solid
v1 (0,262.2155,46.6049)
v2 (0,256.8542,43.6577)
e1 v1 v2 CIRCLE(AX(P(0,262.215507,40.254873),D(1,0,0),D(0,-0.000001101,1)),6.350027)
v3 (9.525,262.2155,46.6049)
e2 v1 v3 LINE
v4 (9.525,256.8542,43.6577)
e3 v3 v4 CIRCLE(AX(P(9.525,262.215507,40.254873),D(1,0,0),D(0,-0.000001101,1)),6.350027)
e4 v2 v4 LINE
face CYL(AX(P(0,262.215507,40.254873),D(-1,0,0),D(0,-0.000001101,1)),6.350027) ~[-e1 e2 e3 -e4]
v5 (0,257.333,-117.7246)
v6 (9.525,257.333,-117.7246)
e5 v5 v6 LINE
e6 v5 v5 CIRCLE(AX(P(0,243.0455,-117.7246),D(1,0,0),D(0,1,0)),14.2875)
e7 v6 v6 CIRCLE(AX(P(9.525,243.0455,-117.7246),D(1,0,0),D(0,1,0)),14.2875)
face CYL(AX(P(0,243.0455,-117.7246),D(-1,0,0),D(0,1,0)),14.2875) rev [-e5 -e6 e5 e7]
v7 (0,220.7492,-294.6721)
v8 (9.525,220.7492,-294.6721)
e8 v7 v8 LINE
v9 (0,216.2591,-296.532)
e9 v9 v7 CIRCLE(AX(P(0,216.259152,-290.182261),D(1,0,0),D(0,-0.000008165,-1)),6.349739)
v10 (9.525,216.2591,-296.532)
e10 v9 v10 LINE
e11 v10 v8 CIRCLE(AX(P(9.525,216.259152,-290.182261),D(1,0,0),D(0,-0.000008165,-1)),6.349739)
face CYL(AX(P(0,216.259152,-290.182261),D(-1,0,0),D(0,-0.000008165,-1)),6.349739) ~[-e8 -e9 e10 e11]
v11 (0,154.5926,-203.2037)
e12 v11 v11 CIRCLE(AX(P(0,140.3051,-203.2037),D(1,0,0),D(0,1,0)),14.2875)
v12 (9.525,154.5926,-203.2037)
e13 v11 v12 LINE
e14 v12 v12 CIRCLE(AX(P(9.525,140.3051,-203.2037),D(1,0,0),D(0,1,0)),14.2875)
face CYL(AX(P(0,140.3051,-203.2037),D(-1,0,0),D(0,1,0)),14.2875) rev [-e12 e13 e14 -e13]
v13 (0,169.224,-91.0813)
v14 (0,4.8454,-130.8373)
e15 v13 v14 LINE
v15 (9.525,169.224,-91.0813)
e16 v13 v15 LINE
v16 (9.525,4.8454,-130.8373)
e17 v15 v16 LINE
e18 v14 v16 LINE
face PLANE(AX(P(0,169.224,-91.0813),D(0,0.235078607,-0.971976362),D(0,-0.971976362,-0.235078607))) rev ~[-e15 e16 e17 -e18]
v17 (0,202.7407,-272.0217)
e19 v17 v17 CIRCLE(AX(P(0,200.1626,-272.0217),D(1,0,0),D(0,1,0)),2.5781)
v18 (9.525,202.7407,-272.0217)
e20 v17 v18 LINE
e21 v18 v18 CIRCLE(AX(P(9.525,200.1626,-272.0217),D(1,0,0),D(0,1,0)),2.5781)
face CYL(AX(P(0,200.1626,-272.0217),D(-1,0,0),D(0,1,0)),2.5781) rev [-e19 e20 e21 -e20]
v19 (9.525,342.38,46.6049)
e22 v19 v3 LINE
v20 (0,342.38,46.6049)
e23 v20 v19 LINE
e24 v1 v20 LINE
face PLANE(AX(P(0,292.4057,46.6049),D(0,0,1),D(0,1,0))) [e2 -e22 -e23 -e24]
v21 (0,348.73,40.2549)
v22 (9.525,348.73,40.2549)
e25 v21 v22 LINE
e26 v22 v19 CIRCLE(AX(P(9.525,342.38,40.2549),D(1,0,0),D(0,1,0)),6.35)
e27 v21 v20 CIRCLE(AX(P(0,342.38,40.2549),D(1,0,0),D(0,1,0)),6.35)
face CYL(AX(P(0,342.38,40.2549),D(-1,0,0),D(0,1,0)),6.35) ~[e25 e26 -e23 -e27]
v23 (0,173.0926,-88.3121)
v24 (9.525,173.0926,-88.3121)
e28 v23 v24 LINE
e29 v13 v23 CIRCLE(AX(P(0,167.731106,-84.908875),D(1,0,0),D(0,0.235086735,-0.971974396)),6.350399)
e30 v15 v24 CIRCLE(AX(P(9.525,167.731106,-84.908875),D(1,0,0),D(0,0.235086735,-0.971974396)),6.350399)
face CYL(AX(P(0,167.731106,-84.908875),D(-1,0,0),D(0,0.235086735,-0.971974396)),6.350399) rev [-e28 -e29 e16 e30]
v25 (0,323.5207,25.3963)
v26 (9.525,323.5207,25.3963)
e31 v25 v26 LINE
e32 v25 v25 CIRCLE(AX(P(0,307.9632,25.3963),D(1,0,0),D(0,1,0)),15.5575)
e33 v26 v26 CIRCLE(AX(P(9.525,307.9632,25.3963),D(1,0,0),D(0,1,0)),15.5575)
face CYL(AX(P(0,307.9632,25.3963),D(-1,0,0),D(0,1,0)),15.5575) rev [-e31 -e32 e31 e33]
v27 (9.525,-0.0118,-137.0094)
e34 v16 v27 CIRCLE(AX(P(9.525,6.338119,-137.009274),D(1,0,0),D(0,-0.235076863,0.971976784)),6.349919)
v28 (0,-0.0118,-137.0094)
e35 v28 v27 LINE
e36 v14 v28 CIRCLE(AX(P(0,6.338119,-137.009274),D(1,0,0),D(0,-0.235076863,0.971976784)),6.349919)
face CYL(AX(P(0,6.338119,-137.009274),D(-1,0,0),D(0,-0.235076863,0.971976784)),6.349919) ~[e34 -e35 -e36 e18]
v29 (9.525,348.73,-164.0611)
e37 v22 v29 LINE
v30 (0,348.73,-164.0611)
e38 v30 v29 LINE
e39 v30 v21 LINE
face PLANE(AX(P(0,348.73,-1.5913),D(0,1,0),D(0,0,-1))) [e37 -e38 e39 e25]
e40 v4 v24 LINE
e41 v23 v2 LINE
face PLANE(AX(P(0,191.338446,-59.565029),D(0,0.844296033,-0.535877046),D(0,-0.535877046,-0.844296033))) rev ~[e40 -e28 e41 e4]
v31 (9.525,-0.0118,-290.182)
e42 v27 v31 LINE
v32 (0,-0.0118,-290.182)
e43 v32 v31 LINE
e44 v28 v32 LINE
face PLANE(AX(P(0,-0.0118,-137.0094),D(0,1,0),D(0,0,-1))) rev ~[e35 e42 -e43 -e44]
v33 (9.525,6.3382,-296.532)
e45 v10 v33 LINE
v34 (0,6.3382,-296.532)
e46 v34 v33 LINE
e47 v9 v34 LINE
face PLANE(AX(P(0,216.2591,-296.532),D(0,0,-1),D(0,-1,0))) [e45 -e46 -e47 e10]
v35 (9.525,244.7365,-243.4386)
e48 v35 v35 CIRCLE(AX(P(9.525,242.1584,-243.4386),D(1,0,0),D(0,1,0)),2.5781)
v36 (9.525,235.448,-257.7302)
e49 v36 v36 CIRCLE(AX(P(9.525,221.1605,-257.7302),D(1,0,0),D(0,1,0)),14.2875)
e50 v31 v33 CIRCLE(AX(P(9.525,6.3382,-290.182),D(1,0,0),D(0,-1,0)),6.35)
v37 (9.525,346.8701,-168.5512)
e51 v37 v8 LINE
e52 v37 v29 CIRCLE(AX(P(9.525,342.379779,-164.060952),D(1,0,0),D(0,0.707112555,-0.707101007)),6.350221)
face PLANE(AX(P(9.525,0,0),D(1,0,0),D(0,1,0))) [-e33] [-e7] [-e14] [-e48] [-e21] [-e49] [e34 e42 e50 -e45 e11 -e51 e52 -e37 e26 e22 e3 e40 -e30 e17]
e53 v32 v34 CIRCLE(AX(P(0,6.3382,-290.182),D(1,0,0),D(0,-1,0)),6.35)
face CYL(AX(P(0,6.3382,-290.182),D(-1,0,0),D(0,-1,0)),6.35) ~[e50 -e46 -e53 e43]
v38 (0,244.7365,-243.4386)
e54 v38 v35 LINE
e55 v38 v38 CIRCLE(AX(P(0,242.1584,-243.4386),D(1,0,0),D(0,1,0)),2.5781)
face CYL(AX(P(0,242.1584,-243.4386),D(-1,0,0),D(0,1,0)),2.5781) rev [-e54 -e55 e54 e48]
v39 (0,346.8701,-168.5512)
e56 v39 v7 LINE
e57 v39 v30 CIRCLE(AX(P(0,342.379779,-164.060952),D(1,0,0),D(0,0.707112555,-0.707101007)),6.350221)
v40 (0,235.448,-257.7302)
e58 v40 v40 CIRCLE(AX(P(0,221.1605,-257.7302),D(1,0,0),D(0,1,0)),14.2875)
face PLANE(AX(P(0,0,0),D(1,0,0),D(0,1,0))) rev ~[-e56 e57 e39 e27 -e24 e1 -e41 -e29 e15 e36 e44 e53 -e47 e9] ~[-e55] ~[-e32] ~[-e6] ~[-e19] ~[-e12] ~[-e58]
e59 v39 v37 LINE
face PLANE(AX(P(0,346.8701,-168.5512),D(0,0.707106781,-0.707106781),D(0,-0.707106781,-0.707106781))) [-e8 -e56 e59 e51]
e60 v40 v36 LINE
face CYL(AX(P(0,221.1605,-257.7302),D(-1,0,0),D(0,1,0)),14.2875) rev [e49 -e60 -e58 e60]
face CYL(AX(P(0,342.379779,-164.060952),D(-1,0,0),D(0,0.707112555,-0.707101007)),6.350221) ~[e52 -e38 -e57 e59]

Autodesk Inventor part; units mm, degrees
ref_plane "YZ Plane" through (0, 0, 0) normal (1, 0, 0) x (0, 1, 0)
ref_plane "XZ Plane" through (0, 0, 0) normal (0, 1, 0) x (-1, 0, 0)
ref_plane "XY Plane" through (0, 0, 0) normal (0, 0, 1) x (1, 0, 0)
sketch "Sketch1" plane through (0, 0, 0) normal (1, 0, 0) x (0, 1, 0)
  line L0 (348.73, -1.5913) -> (348.73, -164.0611)
  line L1 (346.8701, -168.5512) -> (220.7492, -294.6721)
  line L2 (216.2591, -296.532) -> (6.3382, -296.532)
  circle A0 centre (307.9632, 25.3963) radius 15.5575
  line L3 (348.73, -1.5913) -> (348.73, 40.2549)
  line L4 (-0.0118, -137.0094) -> (-0.0118, -290.182)
  arc A1 (-0.0118, -290.182) -> (6.3382, -296.532) centre (6.3382, -290.182) ccw
  arc A2 (216.2591, -296.532) -> (220.7492, -294.6721) centre (216.2591, -290.182) ccw
  arc A3 (346.8701, -168.5512) -> (348.73, -164.0611) centre (342.38, -164.0611) ccw
  circle A4 centre (243.0455, -117.7246) radius 14.2875
  circle A5 centre (243.0455, -117.7246) radius 38.1 construction
  circle A6 centre (140.3051, -203.2037) radius 38.1 construction
  circle A7 centre (140.3051, -203.2037) radius 14.2875
  circle A8 centre (200.1626, -272.0217) radius 2.5781
  circle A9 centre (221.1605, -257.7302) radius 14.2875
  circle A10 centre (242.1584, -243.4386) radius 2.5781
  line L5 (262.2155, 46.6049) -> (342.38, 46.6049)
  arc A11 (348.73, 40.2549) -> (342.38, 46.6049) centre (342.38, 40.2549) ccw
  line L6 (256.8542, 43.6577) -> (173.0926, -88.3121)
  line L7 (169.224, -91.0813) -> (4.8454, -130.8373)
  arc A12 (262.2155, 46.6049) -> (256.8542, 43.6577) centre (262.2155, 40.2549) ccw
  arc A13 (169.224, -91.0813) -> (173.0926, -88.3121) centre (167.7313, -84.9093) ccw
  arc A14 (4.8454, -130.8373) -> (-0.0118, -137.0094) centre (6.3382, -137.0094) ccw
  line L8 (292.4057, 46.6049) -> (191.3384, -59.565)
  point P0 (348.73, -166.6913)
  point P1 (182.4228, -257.7338)
  point P2 (269.24, 25.4)
  point P3 (171.7177, -90.4782)
  point P4 (258.7248, 46.6049)
  point P5 (-0.0118, -132.0121)
  dimension "d49" = 28.575
  dimension "d50" = 76.2
  dimension "d51" = 76.2
  dimension "d52" = 28.575
  dimension "d53" = 28.575
  dimension "d54" = 5.1562
  dimension "d56" = 6.35
  dimension "d57" = 6.35
extrude "Extrusion1" add sketch "Sketch1" along normal blind 9.525
properties part number "Intake-v2"
